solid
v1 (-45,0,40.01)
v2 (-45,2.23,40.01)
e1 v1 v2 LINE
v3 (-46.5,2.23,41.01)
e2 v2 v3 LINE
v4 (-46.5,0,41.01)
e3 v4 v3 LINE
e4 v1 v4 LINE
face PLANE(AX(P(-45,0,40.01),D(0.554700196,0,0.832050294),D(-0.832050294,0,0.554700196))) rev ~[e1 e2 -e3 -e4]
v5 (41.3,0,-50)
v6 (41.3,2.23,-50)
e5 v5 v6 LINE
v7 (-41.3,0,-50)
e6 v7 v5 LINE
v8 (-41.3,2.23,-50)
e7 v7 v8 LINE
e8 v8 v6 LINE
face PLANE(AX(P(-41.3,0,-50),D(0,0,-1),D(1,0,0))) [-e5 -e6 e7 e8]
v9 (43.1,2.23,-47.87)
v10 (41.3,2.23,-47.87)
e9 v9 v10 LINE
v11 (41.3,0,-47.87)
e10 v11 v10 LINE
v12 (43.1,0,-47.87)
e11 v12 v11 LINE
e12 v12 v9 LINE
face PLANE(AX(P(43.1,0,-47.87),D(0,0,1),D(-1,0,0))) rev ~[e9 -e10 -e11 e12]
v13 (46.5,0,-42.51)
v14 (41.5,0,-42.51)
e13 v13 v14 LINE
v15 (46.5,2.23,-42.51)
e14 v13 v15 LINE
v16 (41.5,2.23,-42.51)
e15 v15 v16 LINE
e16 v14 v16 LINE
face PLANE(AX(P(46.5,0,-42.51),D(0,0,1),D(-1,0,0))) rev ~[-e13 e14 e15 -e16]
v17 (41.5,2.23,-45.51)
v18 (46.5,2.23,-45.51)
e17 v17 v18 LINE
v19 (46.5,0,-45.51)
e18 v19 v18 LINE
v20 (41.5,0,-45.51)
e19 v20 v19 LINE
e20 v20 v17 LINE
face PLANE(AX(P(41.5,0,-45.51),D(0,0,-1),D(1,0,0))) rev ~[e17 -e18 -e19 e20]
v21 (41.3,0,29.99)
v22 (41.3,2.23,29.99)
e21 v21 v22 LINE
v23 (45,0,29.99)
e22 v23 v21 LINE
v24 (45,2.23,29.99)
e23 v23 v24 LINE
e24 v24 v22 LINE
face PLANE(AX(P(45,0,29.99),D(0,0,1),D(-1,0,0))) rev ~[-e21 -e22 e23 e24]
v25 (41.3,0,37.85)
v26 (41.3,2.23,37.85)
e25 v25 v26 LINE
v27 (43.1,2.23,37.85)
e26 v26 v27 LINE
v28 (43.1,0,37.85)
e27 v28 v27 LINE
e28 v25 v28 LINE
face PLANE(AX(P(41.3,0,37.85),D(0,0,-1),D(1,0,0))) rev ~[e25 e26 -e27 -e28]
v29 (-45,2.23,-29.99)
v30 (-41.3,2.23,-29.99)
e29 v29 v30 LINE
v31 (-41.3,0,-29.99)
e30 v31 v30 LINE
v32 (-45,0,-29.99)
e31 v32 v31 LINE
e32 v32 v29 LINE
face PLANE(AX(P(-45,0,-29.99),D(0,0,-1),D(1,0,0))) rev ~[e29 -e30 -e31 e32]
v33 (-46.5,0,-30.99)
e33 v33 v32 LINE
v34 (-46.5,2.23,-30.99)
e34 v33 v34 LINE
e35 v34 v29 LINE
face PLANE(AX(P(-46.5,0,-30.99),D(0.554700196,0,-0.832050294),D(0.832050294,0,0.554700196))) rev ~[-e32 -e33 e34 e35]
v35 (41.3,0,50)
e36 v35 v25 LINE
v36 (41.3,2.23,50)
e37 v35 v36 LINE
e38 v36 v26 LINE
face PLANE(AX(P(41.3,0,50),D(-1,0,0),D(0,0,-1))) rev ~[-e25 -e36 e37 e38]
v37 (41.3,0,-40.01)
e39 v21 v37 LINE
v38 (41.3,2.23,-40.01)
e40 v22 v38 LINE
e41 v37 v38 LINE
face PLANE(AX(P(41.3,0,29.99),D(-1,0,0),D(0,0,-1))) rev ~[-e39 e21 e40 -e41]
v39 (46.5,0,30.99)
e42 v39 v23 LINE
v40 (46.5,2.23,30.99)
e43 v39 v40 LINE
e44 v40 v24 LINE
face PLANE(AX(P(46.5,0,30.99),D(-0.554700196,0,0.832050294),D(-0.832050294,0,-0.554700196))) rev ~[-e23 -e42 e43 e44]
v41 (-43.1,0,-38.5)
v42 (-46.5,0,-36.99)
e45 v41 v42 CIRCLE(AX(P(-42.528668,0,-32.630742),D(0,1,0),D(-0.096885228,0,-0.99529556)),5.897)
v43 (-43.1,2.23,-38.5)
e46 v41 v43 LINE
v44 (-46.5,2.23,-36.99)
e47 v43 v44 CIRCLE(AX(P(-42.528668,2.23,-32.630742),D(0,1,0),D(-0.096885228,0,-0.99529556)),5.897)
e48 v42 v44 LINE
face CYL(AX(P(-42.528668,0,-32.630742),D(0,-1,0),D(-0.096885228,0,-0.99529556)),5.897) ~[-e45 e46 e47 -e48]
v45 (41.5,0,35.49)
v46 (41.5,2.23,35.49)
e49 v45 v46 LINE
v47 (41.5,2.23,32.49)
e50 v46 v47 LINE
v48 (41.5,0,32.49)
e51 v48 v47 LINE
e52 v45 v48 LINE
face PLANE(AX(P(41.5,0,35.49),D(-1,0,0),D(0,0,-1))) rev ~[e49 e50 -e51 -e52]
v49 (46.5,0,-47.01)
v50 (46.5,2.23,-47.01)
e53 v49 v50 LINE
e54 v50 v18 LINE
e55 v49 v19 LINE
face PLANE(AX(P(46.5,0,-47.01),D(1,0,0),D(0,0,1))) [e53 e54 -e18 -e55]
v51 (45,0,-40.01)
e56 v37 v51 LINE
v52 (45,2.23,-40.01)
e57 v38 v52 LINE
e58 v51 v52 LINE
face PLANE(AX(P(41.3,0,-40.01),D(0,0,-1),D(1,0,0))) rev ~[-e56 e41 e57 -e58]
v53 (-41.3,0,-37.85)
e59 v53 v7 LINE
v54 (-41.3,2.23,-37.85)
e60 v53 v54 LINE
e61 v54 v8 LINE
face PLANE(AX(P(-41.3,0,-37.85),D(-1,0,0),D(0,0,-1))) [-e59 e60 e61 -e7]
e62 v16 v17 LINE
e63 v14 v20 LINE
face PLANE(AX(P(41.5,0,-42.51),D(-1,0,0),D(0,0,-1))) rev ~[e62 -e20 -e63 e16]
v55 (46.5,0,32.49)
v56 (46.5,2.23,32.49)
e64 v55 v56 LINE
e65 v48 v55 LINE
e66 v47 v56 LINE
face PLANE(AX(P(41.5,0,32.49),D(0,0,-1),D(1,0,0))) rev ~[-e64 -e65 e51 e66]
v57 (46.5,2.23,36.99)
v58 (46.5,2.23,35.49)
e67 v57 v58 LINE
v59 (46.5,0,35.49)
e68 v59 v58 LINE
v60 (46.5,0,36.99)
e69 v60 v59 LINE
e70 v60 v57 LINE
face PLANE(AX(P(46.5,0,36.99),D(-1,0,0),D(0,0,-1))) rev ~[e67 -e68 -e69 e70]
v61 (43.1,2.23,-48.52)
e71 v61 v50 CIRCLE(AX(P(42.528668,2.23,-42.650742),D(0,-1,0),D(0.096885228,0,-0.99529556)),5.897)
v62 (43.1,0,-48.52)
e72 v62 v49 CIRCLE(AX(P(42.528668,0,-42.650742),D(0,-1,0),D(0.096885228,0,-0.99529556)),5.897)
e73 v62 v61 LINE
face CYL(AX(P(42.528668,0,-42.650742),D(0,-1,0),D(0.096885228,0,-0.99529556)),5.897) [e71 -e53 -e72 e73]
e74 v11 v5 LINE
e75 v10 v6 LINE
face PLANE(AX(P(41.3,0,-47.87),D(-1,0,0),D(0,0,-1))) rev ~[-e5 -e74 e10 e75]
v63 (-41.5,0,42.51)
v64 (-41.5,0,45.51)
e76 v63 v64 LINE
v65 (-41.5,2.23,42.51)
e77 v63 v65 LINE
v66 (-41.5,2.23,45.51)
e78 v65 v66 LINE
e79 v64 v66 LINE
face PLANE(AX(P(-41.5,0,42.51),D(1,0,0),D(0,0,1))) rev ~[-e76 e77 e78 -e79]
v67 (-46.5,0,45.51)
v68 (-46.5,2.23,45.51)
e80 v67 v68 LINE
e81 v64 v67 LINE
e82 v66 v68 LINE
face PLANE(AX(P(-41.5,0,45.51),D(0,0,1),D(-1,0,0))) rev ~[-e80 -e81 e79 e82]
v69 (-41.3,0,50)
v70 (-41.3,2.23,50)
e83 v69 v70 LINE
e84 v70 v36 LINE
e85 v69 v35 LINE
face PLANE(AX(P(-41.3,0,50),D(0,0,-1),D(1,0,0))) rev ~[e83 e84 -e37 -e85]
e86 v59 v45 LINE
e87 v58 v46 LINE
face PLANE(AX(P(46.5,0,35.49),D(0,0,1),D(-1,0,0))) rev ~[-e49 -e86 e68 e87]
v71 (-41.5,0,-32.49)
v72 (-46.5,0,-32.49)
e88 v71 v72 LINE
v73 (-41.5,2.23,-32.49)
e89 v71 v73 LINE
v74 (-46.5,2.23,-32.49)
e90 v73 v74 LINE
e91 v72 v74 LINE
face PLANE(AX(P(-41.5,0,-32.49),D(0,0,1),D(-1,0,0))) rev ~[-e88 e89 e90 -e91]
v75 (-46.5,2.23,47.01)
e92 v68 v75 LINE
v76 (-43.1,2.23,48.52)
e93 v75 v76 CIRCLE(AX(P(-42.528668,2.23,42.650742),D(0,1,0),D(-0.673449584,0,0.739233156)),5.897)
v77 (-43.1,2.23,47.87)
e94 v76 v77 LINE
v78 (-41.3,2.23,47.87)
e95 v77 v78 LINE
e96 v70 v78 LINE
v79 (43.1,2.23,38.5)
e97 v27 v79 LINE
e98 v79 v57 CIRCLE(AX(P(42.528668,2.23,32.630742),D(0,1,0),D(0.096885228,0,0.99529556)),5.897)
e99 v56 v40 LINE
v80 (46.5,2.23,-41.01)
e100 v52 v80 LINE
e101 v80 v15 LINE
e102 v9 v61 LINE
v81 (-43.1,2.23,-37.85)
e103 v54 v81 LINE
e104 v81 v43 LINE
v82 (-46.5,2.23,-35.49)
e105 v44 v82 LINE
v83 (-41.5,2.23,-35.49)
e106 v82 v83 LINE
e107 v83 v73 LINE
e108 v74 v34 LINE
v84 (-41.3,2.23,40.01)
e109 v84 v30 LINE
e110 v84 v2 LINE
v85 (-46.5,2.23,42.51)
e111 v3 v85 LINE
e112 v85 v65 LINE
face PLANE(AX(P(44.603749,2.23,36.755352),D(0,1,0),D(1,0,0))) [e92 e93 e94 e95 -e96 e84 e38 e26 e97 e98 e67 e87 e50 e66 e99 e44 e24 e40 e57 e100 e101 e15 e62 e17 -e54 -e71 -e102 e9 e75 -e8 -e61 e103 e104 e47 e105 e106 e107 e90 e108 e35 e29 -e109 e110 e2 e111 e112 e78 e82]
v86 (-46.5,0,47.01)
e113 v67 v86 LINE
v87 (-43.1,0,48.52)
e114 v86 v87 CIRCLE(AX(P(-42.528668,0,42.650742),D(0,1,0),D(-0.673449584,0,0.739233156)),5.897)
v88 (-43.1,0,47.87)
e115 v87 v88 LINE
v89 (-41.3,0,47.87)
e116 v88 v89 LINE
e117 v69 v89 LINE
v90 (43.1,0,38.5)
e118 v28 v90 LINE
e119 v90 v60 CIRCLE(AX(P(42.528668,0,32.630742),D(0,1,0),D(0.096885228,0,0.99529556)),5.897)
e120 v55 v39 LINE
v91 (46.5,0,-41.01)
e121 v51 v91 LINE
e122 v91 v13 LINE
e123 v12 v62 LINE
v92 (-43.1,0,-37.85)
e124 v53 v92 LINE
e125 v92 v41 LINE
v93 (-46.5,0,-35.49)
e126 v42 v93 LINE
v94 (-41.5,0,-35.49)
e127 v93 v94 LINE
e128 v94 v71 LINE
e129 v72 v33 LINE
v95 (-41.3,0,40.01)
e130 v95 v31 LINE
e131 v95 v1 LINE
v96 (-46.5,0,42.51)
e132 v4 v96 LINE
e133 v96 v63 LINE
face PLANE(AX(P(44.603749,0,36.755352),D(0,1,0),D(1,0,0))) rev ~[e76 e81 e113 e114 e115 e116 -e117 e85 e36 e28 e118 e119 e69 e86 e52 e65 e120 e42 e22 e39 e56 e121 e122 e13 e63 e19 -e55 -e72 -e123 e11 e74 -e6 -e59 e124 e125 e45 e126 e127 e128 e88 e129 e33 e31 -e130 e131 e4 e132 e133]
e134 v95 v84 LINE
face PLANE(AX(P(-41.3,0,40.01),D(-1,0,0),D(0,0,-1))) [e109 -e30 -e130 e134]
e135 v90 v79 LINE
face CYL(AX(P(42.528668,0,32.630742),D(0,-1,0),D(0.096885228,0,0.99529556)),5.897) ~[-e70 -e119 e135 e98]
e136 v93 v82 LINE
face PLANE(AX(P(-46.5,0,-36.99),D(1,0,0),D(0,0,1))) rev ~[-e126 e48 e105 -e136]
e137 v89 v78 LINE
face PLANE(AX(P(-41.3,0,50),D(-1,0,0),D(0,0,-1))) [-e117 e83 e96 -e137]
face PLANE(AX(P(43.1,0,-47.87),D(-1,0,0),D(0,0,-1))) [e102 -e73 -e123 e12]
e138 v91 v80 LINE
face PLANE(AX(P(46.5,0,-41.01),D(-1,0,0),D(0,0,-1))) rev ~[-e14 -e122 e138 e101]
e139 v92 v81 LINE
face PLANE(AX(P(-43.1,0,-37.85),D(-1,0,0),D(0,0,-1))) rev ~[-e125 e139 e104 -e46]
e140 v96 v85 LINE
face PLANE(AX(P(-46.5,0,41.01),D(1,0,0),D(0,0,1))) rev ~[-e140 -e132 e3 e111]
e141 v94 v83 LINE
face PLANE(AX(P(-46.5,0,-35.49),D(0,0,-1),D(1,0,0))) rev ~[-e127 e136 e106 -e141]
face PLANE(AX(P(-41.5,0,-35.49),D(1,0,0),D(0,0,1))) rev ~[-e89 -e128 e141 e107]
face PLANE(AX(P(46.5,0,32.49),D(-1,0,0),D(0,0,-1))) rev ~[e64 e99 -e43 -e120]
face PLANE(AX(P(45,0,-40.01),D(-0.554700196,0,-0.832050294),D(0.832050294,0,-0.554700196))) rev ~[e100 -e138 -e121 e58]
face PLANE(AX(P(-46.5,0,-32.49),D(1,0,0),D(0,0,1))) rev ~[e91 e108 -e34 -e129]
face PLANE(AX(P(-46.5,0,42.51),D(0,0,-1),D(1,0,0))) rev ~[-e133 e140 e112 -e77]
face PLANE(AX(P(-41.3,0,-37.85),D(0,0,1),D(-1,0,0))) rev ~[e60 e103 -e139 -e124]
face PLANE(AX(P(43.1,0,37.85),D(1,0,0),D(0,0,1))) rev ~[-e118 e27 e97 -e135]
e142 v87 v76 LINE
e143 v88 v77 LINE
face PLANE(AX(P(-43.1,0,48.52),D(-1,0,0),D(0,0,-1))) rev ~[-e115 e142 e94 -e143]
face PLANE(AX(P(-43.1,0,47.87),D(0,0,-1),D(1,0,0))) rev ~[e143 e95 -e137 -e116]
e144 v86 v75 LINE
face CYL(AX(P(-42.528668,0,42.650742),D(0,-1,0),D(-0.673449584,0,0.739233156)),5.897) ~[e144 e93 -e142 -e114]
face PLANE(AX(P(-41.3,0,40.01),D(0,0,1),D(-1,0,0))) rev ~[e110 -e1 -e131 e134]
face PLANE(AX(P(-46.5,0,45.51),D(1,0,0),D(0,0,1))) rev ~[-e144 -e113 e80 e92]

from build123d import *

# Parameters (mm, degrees)
SKETCH1_W           = 0.2
SKETCH1_H           = 3
SKETCH1_W_2         = 82.6
SKETCH1_H_2         = 100
BOSS_EXTRUDE1_DEPTH = 2.23


with BuildPart() as part:
    # Sketch1 → Boss-Extrude1 (new body)
    with BuildSketch(Plane(origin=(0, 0, 0), x_dir=(1, 0, 0), z_dir=(0, 1, 0))):
        with BuildLine():
            Line((43.1, -37.85), (43.1, -38.5))
            ThreePointArc((43.1, -38.5), (44.922195524, -38.020142239), (46.5, -36.99))
            Line((46.5, -36.99), (46.5, -35.49))
            Line((46.5, -35.49), (43.1, -35.49))
            Line((43.1, -35.49), (43.1, -37.85))
        make_face()
        Polygon((41.5, -35.49), (41.3, -35.49), (41.3, -37.85), (43.1, -37.85), (43.1, -35.49), align=None)
        Polygon((45, -29.99), (41.3, -29.99), (41.3, -32.49), (41.5, -32.49), (46.5, -32.49), (46.5, -30.99), align=None)
        with Locations((41.4, -33.99)):
            Rectangle(SKETCH1_W, SKETCH1_H)
        Rectangle(SKETCH1_W_2, SKETCH1_H_2)
        Polygon((46.5, 42.51), (41.5, 42.51), (41.3, 42.51), (41.3, 40.01), (45, 40.01), (46.5, 41.01), align=None)
        with Locations((41.4, 44.01)):
            Rectangle(SKETCH1_W, SKETCH1_H)
        Polygon((41.5, 45.51), (43.1, 45.51), (43.1, 47.87), (41.3, 47.87), (41.3, 45.51), align=None)
        with BuildLine():
            ThreePointArc((43.1, 48.52), (44.922195524, 48.040142239), (46.5, 47.01))
            Line((46.5, 47.01), (46.5, 45.51))
            Line((46.5, 45.51), (43.1, 45.51))
            Line((43.1, 45.51), (43.1, 47.87))
            Line((43.1, 47.87), (43.1, 48.52))
        make_face()
        with BuildLine():
            Line((-43.1, -47.87), (-41.3, -47.87))
            Line((-41.3, -47.87), (-41.3, -45.51))
            Line((-41.3, -45.51), (-41.5, -45.51))
            Line((-41.5, -45.51), (-46.5, -45.51))
            Line((-46.5, -45.51), (-46.5, -47.01))
            ThreePointArc((-46.5, -47.01), (-44.922195524, -48.040142239), (-43.1, -48.52))
            Line((-43.1, -48.52), (-43.1, -47.87))
        make_face()
        Polygon((-41.3, -45.51), (-41.3, -40.01), (-45, -40.01), (-46.5, -41.01), (-46.5, -42.51), (-41.5, -42.51), (-41.5, -45.51), align=None)
        Polygon((-41.3, 29.99), (-41.3, 35.49), (-41.5, 35.49), (-41.5, 32.49), (-46.5, 32.49), (-46.5, 30.99), (-45, 29.99), align=None)
        with BuildLine():
            Line((-41.3, 35.49), (-41.3, 37.85))
            Line((-41.3, 37.85), (-43.1, 37.85))
            Line((-43.1, 37.85), (-43.1, 38.5))
            ThreePointArc((-43.1, 38.5), (-44.922195524, 38.020142239), (-46.5, 36.99))
            Line((-46.5, 36.99), (-46.5, 35.49))
            Line((-46.5, 35.49), (-41.5, 35.49))
            Line((-41.5, 35.49), (-41.3, 35.49))
        make_face()
    extrude(amount=BOSS_EXTRUDE1_DEPTH)


solid = part.part
